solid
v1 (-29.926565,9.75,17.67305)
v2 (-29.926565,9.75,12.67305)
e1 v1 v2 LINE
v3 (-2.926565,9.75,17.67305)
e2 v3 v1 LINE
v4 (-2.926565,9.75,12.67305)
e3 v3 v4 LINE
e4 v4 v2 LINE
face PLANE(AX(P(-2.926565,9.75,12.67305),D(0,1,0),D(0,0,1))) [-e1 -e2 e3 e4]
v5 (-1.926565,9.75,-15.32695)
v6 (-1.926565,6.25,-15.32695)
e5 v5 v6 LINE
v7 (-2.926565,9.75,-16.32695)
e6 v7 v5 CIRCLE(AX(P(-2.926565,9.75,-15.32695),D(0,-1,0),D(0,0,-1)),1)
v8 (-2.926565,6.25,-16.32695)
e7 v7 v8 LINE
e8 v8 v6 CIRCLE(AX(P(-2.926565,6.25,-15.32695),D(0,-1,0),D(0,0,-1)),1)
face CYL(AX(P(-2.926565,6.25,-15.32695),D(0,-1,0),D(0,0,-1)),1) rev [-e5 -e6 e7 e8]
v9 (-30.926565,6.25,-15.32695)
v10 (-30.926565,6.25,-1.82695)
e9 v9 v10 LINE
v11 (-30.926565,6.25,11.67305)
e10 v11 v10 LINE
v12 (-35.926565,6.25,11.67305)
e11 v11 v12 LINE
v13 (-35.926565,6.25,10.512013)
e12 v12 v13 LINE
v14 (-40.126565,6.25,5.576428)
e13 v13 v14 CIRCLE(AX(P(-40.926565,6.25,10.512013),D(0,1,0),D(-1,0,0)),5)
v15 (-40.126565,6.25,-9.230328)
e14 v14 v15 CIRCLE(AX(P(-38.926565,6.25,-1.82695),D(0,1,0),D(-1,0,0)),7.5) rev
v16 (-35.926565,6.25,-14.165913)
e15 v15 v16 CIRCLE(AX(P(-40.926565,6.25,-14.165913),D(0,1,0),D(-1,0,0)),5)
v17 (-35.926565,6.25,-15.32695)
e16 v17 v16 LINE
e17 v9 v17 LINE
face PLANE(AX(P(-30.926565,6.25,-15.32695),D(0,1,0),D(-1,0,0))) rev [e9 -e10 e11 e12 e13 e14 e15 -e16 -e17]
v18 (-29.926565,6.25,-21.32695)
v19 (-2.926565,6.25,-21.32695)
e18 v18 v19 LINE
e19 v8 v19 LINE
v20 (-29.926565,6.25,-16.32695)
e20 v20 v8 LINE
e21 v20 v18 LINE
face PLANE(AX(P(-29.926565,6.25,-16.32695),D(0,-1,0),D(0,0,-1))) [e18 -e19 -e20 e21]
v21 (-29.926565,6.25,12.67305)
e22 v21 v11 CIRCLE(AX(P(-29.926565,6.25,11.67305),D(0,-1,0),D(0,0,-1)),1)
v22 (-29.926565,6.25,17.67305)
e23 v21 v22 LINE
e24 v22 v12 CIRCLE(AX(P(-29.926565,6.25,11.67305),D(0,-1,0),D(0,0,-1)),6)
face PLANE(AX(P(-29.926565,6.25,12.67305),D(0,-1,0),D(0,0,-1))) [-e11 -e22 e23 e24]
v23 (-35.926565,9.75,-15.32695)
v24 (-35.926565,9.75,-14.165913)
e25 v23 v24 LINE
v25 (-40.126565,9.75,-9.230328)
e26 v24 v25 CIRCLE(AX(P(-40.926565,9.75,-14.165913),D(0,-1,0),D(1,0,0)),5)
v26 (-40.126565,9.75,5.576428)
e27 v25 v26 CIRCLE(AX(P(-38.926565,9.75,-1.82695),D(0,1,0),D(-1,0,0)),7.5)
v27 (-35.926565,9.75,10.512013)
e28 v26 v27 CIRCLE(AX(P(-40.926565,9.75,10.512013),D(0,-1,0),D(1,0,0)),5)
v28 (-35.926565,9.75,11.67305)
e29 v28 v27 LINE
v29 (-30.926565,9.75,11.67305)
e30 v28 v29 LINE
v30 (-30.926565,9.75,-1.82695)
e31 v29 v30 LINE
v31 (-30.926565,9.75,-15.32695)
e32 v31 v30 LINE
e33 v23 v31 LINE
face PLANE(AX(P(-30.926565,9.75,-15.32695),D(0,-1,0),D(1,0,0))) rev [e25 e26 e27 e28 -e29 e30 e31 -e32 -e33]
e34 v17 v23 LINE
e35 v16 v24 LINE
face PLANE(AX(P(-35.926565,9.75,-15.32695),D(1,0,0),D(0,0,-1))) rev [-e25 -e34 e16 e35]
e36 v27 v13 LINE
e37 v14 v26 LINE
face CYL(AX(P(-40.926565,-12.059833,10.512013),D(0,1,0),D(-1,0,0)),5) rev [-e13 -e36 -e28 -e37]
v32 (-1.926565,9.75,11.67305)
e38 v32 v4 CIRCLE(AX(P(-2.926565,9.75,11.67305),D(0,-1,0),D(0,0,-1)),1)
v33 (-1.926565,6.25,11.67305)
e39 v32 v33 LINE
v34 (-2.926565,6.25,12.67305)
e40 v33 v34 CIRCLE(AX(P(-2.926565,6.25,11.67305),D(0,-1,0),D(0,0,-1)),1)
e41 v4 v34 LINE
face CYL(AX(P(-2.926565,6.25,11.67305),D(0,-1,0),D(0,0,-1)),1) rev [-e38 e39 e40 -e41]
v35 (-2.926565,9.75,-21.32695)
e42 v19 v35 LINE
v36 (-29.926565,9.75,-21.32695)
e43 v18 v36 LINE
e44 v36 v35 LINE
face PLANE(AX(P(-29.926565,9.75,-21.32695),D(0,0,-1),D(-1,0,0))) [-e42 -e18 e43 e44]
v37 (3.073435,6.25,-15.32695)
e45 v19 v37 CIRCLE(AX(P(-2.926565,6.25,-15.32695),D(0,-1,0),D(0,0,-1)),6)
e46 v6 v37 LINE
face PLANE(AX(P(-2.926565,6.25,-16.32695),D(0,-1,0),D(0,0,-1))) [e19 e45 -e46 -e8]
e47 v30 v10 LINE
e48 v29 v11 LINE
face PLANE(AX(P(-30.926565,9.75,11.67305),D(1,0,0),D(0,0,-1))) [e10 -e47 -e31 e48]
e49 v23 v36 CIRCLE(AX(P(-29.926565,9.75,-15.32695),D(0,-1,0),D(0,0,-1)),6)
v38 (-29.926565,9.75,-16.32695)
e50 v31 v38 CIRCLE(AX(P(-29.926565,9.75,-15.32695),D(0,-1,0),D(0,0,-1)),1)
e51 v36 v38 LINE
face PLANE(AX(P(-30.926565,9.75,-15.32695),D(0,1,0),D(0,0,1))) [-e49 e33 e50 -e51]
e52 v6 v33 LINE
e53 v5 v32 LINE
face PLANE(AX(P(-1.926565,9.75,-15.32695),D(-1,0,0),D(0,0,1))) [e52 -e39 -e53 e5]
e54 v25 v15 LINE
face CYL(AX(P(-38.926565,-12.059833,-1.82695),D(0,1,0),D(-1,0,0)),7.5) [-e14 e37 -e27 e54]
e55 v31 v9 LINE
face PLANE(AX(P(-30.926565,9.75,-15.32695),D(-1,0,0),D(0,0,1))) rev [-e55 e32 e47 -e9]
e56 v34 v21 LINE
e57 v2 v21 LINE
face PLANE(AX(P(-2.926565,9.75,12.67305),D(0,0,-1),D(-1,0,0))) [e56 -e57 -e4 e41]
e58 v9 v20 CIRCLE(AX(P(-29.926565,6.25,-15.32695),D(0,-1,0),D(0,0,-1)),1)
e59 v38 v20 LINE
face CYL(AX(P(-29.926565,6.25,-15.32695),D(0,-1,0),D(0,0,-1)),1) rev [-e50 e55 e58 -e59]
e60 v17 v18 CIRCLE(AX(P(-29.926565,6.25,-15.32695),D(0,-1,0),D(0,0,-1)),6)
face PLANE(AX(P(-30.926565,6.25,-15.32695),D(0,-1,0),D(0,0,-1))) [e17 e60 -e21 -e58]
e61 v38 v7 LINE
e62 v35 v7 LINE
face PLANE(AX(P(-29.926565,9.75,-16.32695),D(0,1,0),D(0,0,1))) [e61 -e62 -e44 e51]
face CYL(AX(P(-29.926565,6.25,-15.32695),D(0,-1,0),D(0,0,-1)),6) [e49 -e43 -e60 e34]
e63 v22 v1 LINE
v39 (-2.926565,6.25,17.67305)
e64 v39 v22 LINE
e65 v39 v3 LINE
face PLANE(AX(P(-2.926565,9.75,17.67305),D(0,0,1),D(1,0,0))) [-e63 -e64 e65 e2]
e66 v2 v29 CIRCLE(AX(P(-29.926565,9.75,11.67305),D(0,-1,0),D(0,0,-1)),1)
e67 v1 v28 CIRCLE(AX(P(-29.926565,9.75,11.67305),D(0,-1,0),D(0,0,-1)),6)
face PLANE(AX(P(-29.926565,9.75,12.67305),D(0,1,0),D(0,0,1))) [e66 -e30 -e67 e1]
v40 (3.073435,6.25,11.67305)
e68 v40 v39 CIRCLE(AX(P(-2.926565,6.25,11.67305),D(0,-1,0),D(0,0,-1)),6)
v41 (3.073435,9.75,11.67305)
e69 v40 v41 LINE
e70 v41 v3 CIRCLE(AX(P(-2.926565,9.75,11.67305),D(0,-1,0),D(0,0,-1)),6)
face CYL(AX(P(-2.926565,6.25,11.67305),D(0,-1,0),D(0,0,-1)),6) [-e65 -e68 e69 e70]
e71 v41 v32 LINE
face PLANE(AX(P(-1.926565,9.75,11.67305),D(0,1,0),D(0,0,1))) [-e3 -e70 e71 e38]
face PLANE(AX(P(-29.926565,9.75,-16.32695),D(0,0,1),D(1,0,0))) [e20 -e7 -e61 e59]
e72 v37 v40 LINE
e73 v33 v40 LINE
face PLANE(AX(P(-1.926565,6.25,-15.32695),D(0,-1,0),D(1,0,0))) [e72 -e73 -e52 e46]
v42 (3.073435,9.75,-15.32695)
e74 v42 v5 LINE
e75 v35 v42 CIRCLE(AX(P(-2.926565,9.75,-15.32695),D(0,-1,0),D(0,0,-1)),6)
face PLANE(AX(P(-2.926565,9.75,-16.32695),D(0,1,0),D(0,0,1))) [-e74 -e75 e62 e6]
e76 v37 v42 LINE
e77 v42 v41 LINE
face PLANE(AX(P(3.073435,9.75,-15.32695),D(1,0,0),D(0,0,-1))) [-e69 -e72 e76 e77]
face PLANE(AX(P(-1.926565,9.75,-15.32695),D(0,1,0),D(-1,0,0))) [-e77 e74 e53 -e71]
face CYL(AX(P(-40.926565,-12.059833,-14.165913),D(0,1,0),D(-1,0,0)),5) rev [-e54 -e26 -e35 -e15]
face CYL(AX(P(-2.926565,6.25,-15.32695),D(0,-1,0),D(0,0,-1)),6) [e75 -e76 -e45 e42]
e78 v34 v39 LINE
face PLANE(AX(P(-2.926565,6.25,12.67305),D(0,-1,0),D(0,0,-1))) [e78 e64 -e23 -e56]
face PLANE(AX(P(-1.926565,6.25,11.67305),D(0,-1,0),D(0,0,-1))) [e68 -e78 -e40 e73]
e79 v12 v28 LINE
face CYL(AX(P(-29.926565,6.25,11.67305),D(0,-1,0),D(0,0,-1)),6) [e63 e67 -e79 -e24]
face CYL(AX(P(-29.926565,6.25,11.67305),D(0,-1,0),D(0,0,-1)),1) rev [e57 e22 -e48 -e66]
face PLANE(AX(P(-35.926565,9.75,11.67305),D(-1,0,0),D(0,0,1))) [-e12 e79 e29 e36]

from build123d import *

# Parameters (mm, degrees)
SKETCH_1_W      = 5
SKETCH_1_H      = 3.5
EXTRUDE_1_DEPTH = 3.5
FILLET_1_R      = 5


with BuildPart() as part:
    # По траектории1: sweep along a path in Эскиз2
    with BuildLine(Plane(origin=(0, 6.25, 0), x_dir=(-1, 0, 0), z_dir=(0, -1, 0))) as sweep_1_path:
        Line((30.926565187, 15.32695004), (30.926565187, -11.67304996))
        ThreePointArc((30.926565187, -11.67304996), (30.633671968, -12.380156741), (29.926565187, -12.67304996))
        Line((29.926565187, -12.67304996), (2.926565187, -12.67304996))
        ThreePointArc((2.926565187, -12.67304996), (2.219458406, -12.380156741), (1.926565187, -11.67304996))
        Line((1.926565187, -11.67304996), (1.926565187, 15.32695004))
        ThreePointArc((1.926565187, 15.32695004), (2.219458406, 16.034056821), (2.926565187, 16.32695004))
        Line((2.926565187, 16.32695004), (29.926565187, 16.32695004))
        ThreePointArc((29.926565187, 16.32695004), (30.633671968, 16.034056821), (30.926565187, 15.32695004))
    # Эскиз1 → По траектории1 (sweep)
    with BuildSketch(Plane(origin=(0.073434813, 0, -1.82695004), x_dir=(1, 0, 0), z_dir=(0, 0, -1))):
        with Locations((-33.5, -8)):
            Rectangle(SKETCH_1_W, SKETCH_1_H)
    sweep(path=sweep_1_path.line)

    # Эскиз3 → Бобышка-Вытянуть1 (add)
    with BuildSketch(Plane(origin=(0, 9.75, 0), x_dir=(1, 0, 0), z_dir=(0, 1, 0))):
        with BuildLine():
            Line((-38.926565187, 9.32695004), (-35.926565187, 9.32695004))
            Line((-35.926565187, 9.32695004), (-35.926565187, -5.67304996))
            Line((-35.926565187, -5.67304996), (-38.926565187, -5.67304996))
            ThreePointArc((-38.926565187, -5.67304996), (-46.426565187, 1.82695004), (-38.926565187, 9.32695004))
        make_face()
    extrude(amount=-EXTRUDE_1_DEPTH)

    # Скругление1
    fillet_1_edges = [part.edges().sort_by_distance(p)[0] for p in [
        (-35.926565187, 8, -9.32695004),
        (-35.926565187, 8, 5.67304996),
    ]]
    fillet(fillet_1_edges, radius=FILLET_1_R)


solid = part.part
